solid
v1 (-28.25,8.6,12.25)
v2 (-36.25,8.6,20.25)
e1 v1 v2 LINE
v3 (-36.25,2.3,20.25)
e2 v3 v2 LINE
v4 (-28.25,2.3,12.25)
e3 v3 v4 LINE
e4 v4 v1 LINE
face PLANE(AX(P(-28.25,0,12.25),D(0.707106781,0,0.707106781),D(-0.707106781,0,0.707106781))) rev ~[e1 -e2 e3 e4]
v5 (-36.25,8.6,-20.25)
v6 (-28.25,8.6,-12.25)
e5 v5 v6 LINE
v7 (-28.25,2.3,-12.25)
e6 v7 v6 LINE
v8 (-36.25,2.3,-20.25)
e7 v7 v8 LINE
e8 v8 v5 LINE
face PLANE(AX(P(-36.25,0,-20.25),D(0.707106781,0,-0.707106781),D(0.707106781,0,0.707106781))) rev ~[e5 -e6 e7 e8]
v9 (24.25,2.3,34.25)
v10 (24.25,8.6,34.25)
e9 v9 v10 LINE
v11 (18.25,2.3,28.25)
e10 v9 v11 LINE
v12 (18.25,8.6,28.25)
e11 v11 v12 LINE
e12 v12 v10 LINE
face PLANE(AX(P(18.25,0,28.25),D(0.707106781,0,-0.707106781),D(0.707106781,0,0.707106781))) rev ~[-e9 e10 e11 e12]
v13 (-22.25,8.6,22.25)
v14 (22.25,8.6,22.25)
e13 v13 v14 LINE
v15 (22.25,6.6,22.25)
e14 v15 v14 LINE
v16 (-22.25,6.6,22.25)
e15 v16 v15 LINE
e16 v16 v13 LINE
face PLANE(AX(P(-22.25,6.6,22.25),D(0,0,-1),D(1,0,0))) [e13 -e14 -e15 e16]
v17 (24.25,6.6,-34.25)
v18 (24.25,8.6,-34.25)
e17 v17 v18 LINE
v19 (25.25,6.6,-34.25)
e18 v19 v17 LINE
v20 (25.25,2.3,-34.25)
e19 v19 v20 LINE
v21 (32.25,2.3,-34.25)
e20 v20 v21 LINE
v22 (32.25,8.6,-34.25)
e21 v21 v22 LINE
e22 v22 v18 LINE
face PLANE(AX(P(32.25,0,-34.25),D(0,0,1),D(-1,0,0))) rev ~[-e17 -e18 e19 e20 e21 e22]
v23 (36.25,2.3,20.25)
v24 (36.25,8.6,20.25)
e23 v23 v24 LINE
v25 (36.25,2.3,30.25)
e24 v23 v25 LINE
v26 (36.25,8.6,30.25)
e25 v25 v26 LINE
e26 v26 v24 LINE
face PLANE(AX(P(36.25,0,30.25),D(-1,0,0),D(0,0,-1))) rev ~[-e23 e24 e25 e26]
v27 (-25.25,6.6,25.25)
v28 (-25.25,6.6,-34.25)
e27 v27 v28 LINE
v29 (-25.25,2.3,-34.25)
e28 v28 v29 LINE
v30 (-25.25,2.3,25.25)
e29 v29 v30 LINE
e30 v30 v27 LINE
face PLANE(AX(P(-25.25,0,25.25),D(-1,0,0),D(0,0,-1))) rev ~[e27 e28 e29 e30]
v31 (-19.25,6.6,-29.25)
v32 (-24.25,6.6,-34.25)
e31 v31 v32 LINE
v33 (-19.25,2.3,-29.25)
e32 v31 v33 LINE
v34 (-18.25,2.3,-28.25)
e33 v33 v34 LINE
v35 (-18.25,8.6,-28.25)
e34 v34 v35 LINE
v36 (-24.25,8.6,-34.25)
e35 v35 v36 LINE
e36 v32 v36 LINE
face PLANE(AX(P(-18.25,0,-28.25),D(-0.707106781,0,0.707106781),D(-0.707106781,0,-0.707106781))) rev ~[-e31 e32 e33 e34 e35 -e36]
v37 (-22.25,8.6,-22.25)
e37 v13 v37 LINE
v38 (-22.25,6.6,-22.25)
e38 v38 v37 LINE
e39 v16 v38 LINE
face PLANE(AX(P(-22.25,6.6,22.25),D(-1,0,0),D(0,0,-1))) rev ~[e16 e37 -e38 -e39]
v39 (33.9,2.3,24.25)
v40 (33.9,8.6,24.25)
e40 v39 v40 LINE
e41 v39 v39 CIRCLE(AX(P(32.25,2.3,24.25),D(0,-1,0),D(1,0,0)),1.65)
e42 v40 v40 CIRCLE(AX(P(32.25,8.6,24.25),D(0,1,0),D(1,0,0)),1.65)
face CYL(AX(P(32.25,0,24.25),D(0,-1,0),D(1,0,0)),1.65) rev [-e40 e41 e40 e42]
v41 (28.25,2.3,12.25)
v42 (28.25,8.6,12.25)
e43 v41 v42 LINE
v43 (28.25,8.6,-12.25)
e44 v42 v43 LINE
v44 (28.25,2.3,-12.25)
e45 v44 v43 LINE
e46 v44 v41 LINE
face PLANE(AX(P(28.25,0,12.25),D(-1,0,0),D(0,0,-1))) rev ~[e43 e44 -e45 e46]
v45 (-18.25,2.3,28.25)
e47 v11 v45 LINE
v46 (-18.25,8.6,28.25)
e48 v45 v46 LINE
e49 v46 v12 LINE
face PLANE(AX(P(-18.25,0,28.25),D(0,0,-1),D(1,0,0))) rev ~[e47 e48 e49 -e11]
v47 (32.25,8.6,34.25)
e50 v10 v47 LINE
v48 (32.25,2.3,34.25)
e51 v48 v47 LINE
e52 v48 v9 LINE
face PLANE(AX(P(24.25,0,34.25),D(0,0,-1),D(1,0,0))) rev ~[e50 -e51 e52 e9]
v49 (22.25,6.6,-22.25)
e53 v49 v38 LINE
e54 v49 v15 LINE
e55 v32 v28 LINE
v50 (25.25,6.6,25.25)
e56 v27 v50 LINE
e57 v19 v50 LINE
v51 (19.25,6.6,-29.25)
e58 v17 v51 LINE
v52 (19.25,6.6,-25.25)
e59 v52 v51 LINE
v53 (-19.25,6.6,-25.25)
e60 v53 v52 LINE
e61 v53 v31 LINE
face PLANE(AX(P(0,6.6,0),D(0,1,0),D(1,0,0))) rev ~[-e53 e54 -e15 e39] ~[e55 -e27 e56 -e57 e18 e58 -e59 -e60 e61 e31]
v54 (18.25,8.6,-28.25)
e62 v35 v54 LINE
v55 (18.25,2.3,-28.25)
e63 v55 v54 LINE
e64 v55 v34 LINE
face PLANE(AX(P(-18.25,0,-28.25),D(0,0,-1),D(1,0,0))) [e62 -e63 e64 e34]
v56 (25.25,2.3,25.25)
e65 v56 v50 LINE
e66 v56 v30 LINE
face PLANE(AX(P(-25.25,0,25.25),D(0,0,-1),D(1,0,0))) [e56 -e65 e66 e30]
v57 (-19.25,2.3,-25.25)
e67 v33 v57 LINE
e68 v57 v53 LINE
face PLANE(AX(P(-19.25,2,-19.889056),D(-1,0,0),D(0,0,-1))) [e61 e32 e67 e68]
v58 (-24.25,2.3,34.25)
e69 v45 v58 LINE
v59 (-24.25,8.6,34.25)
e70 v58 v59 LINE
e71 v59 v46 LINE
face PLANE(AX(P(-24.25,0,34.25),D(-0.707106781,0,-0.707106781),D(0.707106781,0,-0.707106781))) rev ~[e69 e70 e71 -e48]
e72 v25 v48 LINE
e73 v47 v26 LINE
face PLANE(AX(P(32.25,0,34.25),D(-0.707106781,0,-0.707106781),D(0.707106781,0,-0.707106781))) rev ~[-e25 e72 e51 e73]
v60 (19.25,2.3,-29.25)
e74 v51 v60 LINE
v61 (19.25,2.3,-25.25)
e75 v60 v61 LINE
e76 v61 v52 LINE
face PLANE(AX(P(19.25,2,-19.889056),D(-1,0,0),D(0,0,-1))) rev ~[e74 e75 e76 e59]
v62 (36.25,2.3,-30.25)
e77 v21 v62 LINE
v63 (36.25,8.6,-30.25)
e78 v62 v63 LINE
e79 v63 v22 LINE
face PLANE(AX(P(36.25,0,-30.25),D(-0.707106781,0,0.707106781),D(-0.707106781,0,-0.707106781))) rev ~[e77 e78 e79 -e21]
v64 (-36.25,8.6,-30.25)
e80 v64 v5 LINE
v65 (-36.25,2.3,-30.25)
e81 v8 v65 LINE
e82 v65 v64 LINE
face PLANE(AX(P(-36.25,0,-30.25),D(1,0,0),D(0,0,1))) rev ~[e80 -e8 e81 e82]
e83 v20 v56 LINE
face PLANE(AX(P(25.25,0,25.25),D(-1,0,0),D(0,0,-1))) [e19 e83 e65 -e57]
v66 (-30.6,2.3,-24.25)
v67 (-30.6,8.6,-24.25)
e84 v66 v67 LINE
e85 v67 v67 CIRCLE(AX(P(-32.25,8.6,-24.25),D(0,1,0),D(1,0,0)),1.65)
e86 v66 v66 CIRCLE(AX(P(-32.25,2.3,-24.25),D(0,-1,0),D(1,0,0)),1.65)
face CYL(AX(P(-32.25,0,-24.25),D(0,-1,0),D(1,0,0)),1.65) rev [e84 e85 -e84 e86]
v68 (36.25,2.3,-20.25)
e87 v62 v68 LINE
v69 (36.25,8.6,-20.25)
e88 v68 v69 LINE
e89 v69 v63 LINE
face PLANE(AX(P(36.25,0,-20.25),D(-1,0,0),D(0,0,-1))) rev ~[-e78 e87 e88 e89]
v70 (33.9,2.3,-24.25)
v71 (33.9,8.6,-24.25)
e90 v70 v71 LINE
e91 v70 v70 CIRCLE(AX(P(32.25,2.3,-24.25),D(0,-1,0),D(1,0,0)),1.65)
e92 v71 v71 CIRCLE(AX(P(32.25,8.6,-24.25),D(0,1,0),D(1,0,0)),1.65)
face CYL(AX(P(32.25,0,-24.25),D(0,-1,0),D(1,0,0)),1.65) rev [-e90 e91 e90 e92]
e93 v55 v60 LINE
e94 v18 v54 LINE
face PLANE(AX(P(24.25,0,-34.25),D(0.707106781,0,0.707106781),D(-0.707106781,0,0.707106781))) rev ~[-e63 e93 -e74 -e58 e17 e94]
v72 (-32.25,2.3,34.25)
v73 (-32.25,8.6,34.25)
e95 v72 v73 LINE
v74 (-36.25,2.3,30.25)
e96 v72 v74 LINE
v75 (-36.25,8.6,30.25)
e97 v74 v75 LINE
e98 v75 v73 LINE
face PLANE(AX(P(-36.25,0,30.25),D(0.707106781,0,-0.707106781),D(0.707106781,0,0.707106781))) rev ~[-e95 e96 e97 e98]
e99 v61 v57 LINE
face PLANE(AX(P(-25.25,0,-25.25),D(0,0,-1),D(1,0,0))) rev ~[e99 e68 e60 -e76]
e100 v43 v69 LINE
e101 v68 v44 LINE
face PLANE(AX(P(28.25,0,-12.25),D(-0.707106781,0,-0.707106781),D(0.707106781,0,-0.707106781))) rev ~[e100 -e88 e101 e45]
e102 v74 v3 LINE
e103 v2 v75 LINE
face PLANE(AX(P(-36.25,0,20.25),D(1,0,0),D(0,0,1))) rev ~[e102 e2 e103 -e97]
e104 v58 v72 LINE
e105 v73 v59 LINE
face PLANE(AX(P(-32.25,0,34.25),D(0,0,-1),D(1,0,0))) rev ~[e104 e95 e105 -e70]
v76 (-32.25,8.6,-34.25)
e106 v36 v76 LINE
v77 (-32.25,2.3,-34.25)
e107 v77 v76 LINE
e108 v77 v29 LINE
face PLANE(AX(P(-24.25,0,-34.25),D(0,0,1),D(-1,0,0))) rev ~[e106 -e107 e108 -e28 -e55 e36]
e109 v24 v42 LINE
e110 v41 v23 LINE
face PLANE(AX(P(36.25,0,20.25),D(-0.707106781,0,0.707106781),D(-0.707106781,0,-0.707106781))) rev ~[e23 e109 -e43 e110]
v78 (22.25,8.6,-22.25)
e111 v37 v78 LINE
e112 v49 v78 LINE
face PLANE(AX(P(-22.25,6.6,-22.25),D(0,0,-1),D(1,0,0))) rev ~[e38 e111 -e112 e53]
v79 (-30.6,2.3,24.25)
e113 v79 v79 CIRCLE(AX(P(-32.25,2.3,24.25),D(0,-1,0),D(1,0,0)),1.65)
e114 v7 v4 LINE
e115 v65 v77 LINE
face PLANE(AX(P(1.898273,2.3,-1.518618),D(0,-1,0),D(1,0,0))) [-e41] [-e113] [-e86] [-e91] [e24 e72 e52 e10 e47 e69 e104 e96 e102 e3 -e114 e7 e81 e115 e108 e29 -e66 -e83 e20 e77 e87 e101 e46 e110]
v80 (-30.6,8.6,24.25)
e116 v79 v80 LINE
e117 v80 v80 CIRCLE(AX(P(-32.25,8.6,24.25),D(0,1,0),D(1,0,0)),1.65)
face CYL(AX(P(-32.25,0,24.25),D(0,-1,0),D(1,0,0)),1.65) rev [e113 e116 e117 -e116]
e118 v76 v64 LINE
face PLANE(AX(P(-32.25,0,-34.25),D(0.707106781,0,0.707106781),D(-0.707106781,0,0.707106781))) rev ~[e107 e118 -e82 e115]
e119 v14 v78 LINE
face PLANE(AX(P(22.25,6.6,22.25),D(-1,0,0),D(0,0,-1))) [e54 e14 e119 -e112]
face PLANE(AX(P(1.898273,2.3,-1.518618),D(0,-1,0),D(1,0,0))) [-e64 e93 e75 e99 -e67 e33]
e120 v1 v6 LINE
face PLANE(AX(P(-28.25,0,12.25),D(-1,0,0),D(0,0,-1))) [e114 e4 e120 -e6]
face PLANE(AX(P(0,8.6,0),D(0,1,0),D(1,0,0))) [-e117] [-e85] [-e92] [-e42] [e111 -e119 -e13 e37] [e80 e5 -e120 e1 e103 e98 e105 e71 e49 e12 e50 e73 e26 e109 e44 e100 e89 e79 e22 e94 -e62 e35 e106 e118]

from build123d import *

# Parameters (mm, degrees)
SKETCH1_W           = 56.5
SKETCH1_H           = 56.5
SKETCH1_W_2         = 50.5
SKETCH1_H_2         = 50.5
SKETCH1_R           = 1.65
BOSS_EXTRUDE1_DEPTH = 8.6
SKETCH2_W           = 50.5
SKETCH2_H           = 50.5
SKETCH2_W_2         = 44.5
SKETCH2_H_2         = 44.5
BOSS_EXTRUDE2_DEPTH = 2
BOSS_EXTRUDE3_START = 6.6
SKETCH4_W           = 50.5
SKETCH4_H           = 50.5
SKETCH4_W_2         = 44.5
SKETCH4_H_2         = 44.5
BOSS_EXTRUDE3_DEPTH = 2
CUT_EXTRUDE1_START  = 2
SKETCH5_W           = 6
SKETCH5_H           = 17.961455198
CUT_EXTRUDE1_DEPTH  = 4.6
SKETCH6_W           = 87.3205389
SKETCH6_H           = 82.15723747
CUT_EXTRUDE2_DEPTH  = 2.3


with BuildPart() as part:
    # Sketch1 → Boss-Extrude1 (new body)
    with BuildSketch(Plane(origin=(0, 0, 0), x_dir=(1, 0, 0), z_dir=(0, 1, 0))):
        Rectangle(SKETCH1_W, SKETCH1_H)
        Rectangle(SKETCH1_W_2, SKETCH1_H_2, mode=Mode.SUBTRACT)
        Polygon((-28.25, -28.25), (-28.25, -12.25), (-36.25, -20.25), (-36.25, -30.25), (-32.25, -34.25), (-24.25, -34.25), (-18.25, -28.25), align=None)
        with Locations((-32.25, -24.25)):
            Circle(SKETCH1_R, mode=Mode.SUBTRACT)
        Polygon((28.25, -28.25), (18.25, -28.25), (24.25, -34.25), (32.25, -34.25), (36.25, -30.25), (36.25, -20.25), (28.25, -12.25), align=None)
        with Locations((32.25, -24.25)):
            Circle(SKETCH1_R, mode=Mode.SUBTRACT)
        Polygon((24.25, 34.25), (18.25, 28.25), (28.25, 28.25), (28.25, 12.25), (36.25, 20.25), (36.25, 30.25), (32.25, 34.25), align=None)
        with Locations((32.25, 24.25)):
            Circle(SKETCH1_R, mode=Mode.SUBTRACT)
        Polygon((-36.25, 20.25), (-28.25, 12.25), (-28.25, 28.25), (-18.25, 28.25), (-24.25, 34.25), (-32.25, 34.25), (-36.25, 30.25), align=None)
        with Locations((-32.25, 24.25)):
            Circle(SKETCH1_R, mode=Mode.SUBTRACT)
    extrude(amount=BOSS_EXTRUDE1_DEPTH)

    # Sketch2 → Boss-Extrude2 (add)
    with BuildSketch(Plane(origin=(0, 0, 0), x_dir=(1, 0, 0), z_dir=(0, 1, 0))):
        Rectangle(SKETCH2_W, SKETCH2_H)
        Rectangle(SKETCH2_W_2, SKETCH2_H_2, mode=Mode.SUBTRACT)
    extrude(amount=BOSS_EXTRUDE2_DEPTH)

    # Sketch4 → Boss-Extrude3 (add)
    with BuildSketch(Plane(origin=(0, 0, 0), x_dir=(1, 0, 0), z_dir=(0, 1, 0)).offset(BOSS_EXTRUDE3_START)):
        Rectangle(SKETCH4_W, SKETCH4_H)
        Rectangle(SKETCH4_W_2, SKETCH4_H_2, mode=Mode.SUBTRACT)
    extrude(amount=BOSS_EXTRUDE3_DEPTH)

    # Sketch5 → Cut-Extrude1 (cut)
    with BuildSketch(Plane(origin=(0, 0, 0), x_dir=(1, 0, 0), z_dir=(0, 1, 0)).offset(CUT_EXTRUDE1_START)):
        with Locations((-22.25, 28.869783692)):
            Rectangle(SKETCH5_W, SKETCH5_H)
        with Locations((22.25, 28.869783692)):
            Rectangle(SKETCH5_W, SKETCH5_H)
    extrude(amount=CUT_EXTRUDE1_DEPTH, mode=Mode.SUBTRACT)

    # Sketch6 → Cut-Extrude2 (cut)
    with BuildSketch(Plane.XZ):
        with Locations((1.898272585, -1.518618068)):
            Rectangle(SKETCH6_W, SKETCH6_H)
    extrude(amount=-CUT_EXTRUDE2_DEPTH, mode=Mode.SUBTRACT)


solid = part.part
